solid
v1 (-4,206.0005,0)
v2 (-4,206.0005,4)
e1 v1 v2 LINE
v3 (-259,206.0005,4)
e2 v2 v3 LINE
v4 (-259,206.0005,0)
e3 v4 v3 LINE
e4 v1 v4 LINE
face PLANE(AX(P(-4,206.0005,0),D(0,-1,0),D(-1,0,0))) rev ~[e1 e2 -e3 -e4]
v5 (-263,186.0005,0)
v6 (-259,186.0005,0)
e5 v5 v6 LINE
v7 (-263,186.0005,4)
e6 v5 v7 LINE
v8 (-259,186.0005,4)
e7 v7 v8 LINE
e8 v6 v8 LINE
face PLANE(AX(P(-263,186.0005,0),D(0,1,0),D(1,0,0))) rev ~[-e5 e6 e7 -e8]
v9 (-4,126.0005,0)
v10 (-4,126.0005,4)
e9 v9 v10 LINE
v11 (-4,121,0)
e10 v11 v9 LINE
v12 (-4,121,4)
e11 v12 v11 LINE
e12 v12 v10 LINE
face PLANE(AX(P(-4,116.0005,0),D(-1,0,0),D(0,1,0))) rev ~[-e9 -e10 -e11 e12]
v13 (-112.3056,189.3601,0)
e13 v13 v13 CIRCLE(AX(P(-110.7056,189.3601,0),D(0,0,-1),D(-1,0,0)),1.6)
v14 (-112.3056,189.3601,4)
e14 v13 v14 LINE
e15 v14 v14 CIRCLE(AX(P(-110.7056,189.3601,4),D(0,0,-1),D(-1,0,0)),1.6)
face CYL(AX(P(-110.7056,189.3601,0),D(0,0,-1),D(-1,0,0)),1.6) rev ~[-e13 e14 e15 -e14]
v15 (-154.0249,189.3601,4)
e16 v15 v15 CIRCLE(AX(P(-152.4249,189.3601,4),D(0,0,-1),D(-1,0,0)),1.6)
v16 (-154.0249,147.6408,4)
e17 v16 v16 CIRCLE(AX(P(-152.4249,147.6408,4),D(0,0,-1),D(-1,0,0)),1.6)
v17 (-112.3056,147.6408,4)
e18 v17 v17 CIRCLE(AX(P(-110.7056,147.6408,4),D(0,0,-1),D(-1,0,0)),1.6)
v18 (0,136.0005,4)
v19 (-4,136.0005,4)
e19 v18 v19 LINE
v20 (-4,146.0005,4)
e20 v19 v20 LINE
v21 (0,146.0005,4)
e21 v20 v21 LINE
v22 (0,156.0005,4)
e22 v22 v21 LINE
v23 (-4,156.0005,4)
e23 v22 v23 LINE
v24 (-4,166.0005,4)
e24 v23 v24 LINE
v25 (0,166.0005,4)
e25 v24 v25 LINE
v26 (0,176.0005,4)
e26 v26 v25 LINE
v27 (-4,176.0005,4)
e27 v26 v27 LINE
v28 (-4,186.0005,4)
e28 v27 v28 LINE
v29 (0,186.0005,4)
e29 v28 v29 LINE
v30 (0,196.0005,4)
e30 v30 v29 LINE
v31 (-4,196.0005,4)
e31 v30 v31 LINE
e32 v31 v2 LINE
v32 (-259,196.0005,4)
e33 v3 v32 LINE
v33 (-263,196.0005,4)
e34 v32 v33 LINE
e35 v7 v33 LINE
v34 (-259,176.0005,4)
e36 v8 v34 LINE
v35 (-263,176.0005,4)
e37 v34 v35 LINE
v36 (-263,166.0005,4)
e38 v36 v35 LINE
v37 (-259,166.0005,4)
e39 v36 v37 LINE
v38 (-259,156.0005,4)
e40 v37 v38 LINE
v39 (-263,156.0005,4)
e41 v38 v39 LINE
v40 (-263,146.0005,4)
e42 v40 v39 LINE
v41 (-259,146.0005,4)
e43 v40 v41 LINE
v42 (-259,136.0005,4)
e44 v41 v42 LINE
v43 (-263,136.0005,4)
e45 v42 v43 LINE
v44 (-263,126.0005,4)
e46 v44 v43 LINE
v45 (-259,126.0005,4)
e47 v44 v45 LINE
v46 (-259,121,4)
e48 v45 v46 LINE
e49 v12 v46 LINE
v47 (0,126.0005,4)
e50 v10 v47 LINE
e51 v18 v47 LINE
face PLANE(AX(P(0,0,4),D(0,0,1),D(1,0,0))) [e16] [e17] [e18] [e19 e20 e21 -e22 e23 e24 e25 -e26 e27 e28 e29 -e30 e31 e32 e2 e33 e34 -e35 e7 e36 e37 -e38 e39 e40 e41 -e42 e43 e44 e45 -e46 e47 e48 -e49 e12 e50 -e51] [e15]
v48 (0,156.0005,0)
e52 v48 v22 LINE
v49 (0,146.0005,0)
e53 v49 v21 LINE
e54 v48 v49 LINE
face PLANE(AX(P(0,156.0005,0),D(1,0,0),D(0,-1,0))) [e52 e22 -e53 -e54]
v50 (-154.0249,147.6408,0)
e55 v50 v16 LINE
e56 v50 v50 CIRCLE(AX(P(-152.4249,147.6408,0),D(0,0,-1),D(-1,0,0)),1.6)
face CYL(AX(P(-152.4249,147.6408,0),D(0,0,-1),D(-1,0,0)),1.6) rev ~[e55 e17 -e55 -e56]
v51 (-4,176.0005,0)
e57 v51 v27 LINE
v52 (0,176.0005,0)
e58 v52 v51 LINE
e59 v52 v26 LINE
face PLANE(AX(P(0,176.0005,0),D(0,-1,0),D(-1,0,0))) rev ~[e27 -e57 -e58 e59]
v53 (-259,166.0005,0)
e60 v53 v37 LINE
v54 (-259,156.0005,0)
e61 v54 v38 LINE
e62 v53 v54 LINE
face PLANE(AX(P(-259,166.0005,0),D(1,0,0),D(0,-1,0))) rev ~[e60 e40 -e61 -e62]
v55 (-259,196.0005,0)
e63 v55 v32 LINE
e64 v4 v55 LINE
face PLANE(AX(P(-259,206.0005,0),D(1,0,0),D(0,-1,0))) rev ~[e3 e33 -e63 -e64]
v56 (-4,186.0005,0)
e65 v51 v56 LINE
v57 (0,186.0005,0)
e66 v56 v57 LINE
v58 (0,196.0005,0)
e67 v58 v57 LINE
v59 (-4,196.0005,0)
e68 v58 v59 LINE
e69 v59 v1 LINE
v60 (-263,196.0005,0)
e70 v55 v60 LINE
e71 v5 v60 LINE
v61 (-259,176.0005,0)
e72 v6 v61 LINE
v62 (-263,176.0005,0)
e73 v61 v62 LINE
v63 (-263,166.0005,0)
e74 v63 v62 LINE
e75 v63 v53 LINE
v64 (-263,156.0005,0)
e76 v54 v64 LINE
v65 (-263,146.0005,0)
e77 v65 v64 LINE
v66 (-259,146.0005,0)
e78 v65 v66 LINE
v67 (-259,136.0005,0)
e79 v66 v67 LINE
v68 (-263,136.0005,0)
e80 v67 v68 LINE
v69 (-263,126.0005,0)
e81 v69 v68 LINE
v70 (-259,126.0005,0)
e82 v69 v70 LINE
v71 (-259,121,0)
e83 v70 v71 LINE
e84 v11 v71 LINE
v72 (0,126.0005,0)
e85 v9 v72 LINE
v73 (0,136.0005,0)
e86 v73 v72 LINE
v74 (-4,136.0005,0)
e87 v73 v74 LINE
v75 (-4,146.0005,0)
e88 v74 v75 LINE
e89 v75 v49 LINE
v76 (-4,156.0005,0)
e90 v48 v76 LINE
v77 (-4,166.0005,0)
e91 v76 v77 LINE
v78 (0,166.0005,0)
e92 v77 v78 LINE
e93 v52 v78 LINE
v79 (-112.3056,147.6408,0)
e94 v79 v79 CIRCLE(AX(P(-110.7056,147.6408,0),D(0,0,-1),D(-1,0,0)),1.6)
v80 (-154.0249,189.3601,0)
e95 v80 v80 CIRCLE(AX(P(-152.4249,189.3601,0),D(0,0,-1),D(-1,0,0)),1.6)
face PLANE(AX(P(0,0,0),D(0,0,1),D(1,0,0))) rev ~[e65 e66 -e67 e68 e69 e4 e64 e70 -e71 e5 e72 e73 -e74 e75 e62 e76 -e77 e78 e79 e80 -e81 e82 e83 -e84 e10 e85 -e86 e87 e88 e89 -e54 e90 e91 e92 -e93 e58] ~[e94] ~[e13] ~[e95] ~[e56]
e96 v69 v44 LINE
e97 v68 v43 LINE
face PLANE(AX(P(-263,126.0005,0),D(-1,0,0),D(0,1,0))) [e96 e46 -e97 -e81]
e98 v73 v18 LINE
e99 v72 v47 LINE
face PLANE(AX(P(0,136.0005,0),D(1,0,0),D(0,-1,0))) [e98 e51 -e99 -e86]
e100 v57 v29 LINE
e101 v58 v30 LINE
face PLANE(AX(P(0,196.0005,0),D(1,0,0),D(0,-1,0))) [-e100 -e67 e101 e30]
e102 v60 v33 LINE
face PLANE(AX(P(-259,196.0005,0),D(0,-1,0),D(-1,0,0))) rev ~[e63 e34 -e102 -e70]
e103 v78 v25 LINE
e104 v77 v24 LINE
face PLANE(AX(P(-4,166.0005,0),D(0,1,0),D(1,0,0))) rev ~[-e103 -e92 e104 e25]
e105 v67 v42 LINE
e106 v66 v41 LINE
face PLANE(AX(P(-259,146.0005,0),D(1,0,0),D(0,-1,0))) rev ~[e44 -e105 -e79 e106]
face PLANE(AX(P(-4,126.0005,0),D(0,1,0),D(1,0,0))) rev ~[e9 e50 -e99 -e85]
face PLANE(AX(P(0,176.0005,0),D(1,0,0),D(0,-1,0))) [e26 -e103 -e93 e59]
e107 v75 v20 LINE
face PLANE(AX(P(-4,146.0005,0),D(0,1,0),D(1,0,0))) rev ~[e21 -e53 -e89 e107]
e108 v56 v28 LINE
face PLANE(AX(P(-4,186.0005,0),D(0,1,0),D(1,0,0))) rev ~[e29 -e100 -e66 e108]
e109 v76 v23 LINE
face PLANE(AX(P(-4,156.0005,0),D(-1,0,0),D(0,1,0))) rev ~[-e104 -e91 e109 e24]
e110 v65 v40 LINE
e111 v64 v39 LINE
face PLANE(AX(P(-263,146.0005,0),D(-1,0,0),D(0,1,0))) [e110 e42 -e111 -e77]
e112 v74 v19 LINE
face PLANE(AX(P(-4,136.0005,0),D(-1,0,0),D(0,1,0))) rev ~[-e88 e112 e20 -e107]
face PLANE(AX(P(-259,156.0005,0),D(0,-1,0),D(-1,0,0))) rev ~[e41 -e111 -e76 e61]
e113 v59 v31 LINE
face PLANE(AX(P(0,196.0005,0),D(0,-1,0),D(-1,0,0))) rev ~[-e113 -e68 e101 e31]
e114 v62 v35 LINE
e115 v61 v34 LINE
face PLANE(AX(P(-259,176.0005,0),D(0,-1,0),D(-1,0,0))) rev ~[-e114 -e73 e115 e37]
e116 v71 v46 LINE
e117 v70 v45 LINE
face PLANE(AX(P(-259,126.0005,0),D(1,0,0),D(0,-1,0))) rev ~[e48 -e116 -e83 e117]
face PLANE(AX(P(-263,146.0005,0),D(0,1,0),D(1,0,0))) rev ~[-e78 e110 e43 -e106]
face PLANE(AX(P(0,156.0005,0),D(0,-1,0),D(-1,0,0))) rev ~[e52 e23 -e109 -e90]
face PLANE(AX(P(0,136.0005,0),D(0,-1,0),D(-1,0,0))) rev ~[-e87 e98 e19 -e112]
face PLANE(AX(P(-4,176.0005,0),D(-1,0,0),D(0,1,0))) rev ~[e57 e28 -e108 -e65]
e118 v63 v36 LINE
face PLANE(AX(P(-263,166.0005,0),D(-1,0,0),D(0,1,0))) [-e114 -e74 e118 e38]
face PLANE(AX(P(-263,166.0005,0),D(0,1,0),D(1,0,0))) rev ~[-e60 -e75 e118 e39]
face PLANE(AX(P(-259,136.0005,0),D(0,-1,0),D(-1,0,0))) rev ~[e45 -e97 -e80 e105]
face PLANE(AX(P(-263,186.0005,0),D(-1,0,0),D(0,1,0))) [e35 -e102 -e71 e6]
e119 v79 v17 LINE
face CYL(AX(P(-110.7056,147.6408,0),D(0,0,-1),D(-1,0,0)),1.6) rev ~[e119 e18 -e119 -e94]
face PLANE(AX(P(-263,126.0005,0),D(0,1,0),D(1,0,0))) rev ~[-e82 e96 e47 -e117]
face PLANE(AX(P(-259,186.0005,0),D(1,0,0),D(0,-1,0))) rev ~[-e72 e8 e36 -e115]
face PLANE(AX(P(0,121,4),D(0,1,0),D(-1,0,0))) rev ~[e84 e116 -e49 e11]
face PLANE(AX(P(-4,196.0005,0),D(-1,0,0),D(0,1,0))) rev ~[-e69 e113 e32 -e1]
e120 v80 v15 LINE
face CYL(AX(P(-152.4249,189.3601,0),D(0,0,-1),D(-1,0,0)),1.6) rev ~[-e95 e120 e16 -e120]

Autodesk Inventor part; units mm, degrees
ref_plane "YZ Plane" through (0, 0, 0) normal (1, 0, 0) x (0, 1, 0)
ref_plane "XZ Plane" through (0, 0, 0) normal (0, 1, 0) x (-1, 0, 0)
ref_plane "XY Plane" through (0, 0, 0) normal (0, 0, 1) x (1, 0, 0)
sketch "Эскиз1" plane through (0, 0, 0) normal (0, 0, 1) x (1, 0, 0)
  line L0 (0, 16.0005) -> (-4, 16.0005) projected
  line L1 (-4, 6.0005) -> (-4, 16.0005) projected
  line L2 (-4, 6.0005) -> (0, 6.0005) projected
  line L3 (0, 16.0005) -> (0, 6.0005) projected
  line L4 (0, 36.0005) -> (-4, 36.0005) projected
  line L5 (-4, 26.0005) -> (-4, 36.0005) projected
  line L6 (-4, 26.0005) -> (0, 26.0005) projected
  line L7 (0, 36.0005) -> (0, 26.0005) projected
  line L8 (0, 56.0005) -> (-4, 56.0005) projected
  line L9 (-4, 46.0005) -> (-4, 56.0005) projected
  line L10 (-4, 46.0005) -> (0, 46.0005) projected
  line L11 (0, 56.0005) -> (0, 46.0005) projected
  line L12 (0, 196.0005) -> (-4, 196.0005) projected
  line L13 (-4, 186.0005) -> (-4, 196.0005) projected
  line L14 (-4, 186.0005) -> (0, 186.0005) projected
  line L15 (0, 196.0005) -> (0, 186.0005) projected
  line L16 (0, 176.0005) -> (-4, 176.0005) projected
  line L17 (-4, 166.0005) -> (-4, 176.0005) projected
  line L18 (-4, 166.0005) -> (0, 166.0005) projected
  line L19 (0, 176.0005) -> (0, 166.0005) projected
  line L20 (0, 156.0005) -> (-4, 156.0005) projected
  line L21 (-4, 146.0005) -> (-4, 156.0005) projected
  line L22 (-4, 146.0005) -> (0, 146.0005) projected
  line L23 (0, 156.0005) -> (0, 146.0005) projected
  line L24 (0, 116.0005) -> (-4, 116.0005) projected
  line L25 (-4, 106.0005) -> (-4, 116.0005) projected
  line L26 (-4, 106.0005) -> (0, 106.0005) projected
  line L27 (0, 116.0005) -> (0, 106.0005) projected
  line L28 (0, 136.0005) -> (-4, 136.0005) projected
  line L29 (-4, 126.0005) -> (-4, 136.0005) projected
  line L30 (-4, 126.0005) -> (0, 126.0005) projected
  line L31 (0, 136.0005) -> (0, 126.0005) projected
  line L32 (0, 96.0005) -> (-4, 96.0005) projected
  line L33 (-4, 86.0005) -> (-4, 96.0005) projected
  line L34 (-4, 86.0005) -> (0, 86.0005) projected
  line L35 (0, 96.0005) -> (0, 86.0005) projected
  line L36 (0, 76.0005) -> (-4, 76.0005) projected
  line L37 (-4, 66.0005) -> (-4, 76.0005) projected
  line L38 (-4, 66.0005) -> (0, 66.0005) projected
  line L39 (0, 76.0005) -> (0, 66.0005) projected
  line L40 (-194, 0) -> (-194, -4) projected
  line L41 (-189, -4) -> (-194, -4) projected
  line L42 (-189, -4) -> (-189, 0) projected
  line L43 (-194, 0) -> (-189, 0) projected
  line L44 (-184, 0) -> (-184, -4) projected
  line L45 (-179, -4) -> (-184, -4) projected
  line L46 (-179, -4) -> (-179, 0) projected
  line L47 (-184, 0) -> (-179, 0) projected
  line L48 (-174, 0) -> (-174, -4) projected
  line L49 (-169, -4) -> (-174, -4) projected
  line L50 (-169, -4) -> (-169, 0) projected
  line L51 (-174, 0) -> (-169, 0) projected
  line L52 (-164, 0) -> (-164, -4) projected
  line L53 (-159, -4) -> (-164, -4) projected
  line L54 (-159, -4) -> (-159, 0) projected
  line L55 (-164, 0) -> (-159, 0) projected
  line L56 (-154, 0) -> (-154, -4) projected
  line L57 (-149, -4) -> (-154, -4) projected
  line L58 (-149, -4) -> (-149, 0) projected
  line L59 (-154, 0) -> (-149, 0) projected
  line L60 (-144, 0) -> (-144, -4) projected
  line L61 (-139, -4) -> (-144, -4) projected
  line L62 (-139, -4) -> (-139, 0) projected
  line L63 (-144, 0) -> (-139, 0) projected
  line L64 (-14, 0) -> (-14, -4) projected
  line L65 (-9, -4) -> (-14, -4) projected
  line L66 (-9, -4) -> (-9, 0) projected
  line L67 (-14, 0) -> (-9, 0) projected
  line L68 (-24, 0) -> (-24, -4) projected
  line L69 (-19, -4) -> (-24, -4) projected
  line L70 (-19, -4) -> (-19, 0) projected
  line L71 (-24, 0) -> (-19, 0) projected
  line L72 (-95.712, 271.7663) -> (-95.712, 277.9752) projected
  line L73 (-34, 0) -> (-34, -4) projected
  line L74 (-29, -4) -> (-34, -4) projected
  line L75 (-29, -4) -> (-29, 0) projected
  line L76 (-34, 0) -> (-29, 0) projected
  line L77 (-44, 0) -> (-44, -4) projected
  line L78 (-39, -4) -> (-44, -4) projected
  line L79 (-39, -4) -> (-39, 0) projected
  line L80 (-44, 0) -> (-39, 0) projected
  line L81 (-54, 0) -> (-54, -4) projected
  line L82 (-49, -4) -> (-54, -4) projected
  line L83 (-49, -4) -> (-49, 0) projected
  line L84 (-54, 0) -> (-49, 0) projected
  line L85 (-64, 0) -> (-64, -4) projected
  line L86 (-59, -4) -> (-64, -4) projected
  line L87 (-59, -4) -> (-59, 0) projected
  line L88 (-64, 0) -> (-59, 0) projected
  line L89 (-74, 0) -> (-74, -4) projected
  line L90 (-69, -4) -> (-74, -4) projected
  line L91 (-69, -4) -> (-69, 0) projected
  line L92 (-74, 0) -> (-69, 0) projected
  line L93 (-84, 0) -> (-84, -4) projected
  line L94 (-79, -4) -> (-84, -4) projected
  line L95 (-79, -4) -> (-79, 0) projected
  line L96 (-84, 0) -> (-79, 0) projected
  line L97 (-94, 0) -> (-94, -4) projected
  line L98 (-89, -4) -> (-94, -4) projected
  line L99 (-89, -4) -> (-89, 0) projected
  line L100 (-94, 0) -> (-89, 0) projected
  line L101 (-104, 0) -> (-104, -4) projected
  line L102 (-99, -4) -> (-104, -4) projected
  line L103 (-99, -4) -> (-99, 0) projected
  line L104 (-104, 0) -> (-99, 0) projected
  line L105 (-114, 0) -> (-114, -4) projected
  line L106 (-109, -4) -> (-114, -4) projected
  line L107 (-109, -4) -> (-109, 0) projected
  line L108 (-114, 0) -> (-109, 0) projected
  line L109 (-134, 0) -> (-134, -4) projected
  line L110 (-129, -4) -> (-134, -4) projected
  line L111 (-129, -4) -> (-129, 0) projected
  line L112 (-134, 0) -> (-129, 0) projected
  line L113 (-124, 0) -> (-124, -4) projected
  line L114 (-119, -4) -> (-124, -4) projected
  line L115 (-119, -4) -> (-119, 0) projected
  line L116 (-124, 0) -> (-119, 0) projected
  line L117 (-263, 126.0005) -> (-263, 136.0005) projected
  line L118 (-259, 136.0005) -> (-259, 126.0005) projected
  line L119 (-263, 126.0005) -> (-263, 136.0005) projected
  line L120 (-259, 136.0005) -> (-259, 126.0005) projected
  line L121 (-263, 126.0005) -> (-263, 136.0005) projected
  line L122 (-259, 136.0005) -> (-259, 126.0005) projected
  line L123 (-263, 126.0005) -> (-263, 136.0005) projected
  line L124 (-259, 136.0005) -> (-259, 126.0005) projected
  line L125 (-263, 126.0005) -> (-263, 136.0005) projected
  line L126 (-259, 136.0005) -> (-259, 126.0005) projected
  line L127 (-263, 126.0005) -> (-263, 136.0005) projected
  line L128 (-259, 136.0005) -> (-259, 126.0005) projected
  line L129 (-259, 136.0005) -> (-263, 136.0005) projected
  line L130 (-263, 126.0005) -> (-263, 136.0005) projected
  line L131 (-263, 126.0005) -> (-259, 126.0005) projected
  line L132 (-259, 136.0005) -> (-259, 126.0005) projected
  line L133 (-259, 156.0005) -> (-259, 146.0005) projected
  line L134 (-259, 156.0005) -> (-263, 156.0005) projected
  line L135 (-263, 146.0005) -> (-263, 156.0005) projected
  line L136 (-263, 146.0005) -> (-259, 146.0005) projected
  line L137 (-259, 156.0005) -> (-259, 146.0005) projected
  line L138 (-259, 176.0005) -> (-263, 176.0005) projected
  line L139 (-263, 166.0005) -> (-263, 176.0005) projected
  line L140 (-263, 166.0005) -> (-259, 166.0005) projected
  line L141 (-259, 176.0005) -> (-259, 166.0005) projected
  line L142 (-259, 196.0005) -> (-259, 186.0005) projected
  line L143 (-259, 196.0005) -> (-263, 196.0005) projected
  line L144 (-263, 186.0005) -> (-263, 196.0005) projected
  line L145 (-263, 186.0005) -> (-259, 186.0005) projected
  line L146 (-259, 196.0005) -> (-259, 186.0005) projected
  line L147 (-4, 196.0005) -> (-4, 206.0005) projected
  line L148 (-4, 196.0005) -> (0, 196.0005) projected
  line L149 (0, 206.0005) -> (0, 196.0005) projected
  line L150 (-4, 206.0005) -> (0, 206.0005) projected
  line L151 (-263, 196.0005) -> (-263, 206.0005) projected
  line L152 (-259, 206.0005) -> (-259, 196.0005) projected
  line L153 (-4, 206.0005) -> (-259, 206.0005)
  line L154 (-259, 206.0005) -> (-259, 0)
  line L155 (-259, 0) -> (-4, 0)
  line L156 (-4, 0) -> (-4, 206.0005)
  line L157 (-204, 0) -> (-204, -4) projected
  line L158 (-199, -4) -> (-204, -4) projected
  line L159 (-199, -4) -> (-199, 0) projected
  line L160 (-204, 0) -> (-199, 0) projected
  line L161 (-214, 0) -> (-214, -4) projected
  line L162 (-209, -4) -> (-214, -4) projected
  line L163 (-209, -4) -> (-209, 0) projected
  line L164 (-214, 0) -> (-209, 0) projected
  line L165 (-224, 0) -> (-224, -4) projected
  line L166 (-219, -4) -> (-224, -4) projected
  line L167 (-219, -4) -> (-219, 0) projected
  line L168 (-224, 0) -> (-219, 0) projected
  line L169 (-234, 0) -> (-234, -4) projected
  line L170 (-229, -4) -> (-234, -4) projected
  line L171 (-229, -4) -> (-229, 0) projected
  line L172 (-234, 0) -> (-229, 0) projected
  line L173 (-244, 0) -> (-244, -4) projected
  line L174 (-239, -4) -> (-244, -4) projected
  line L175 (-239, -4) -> (-239, 0) projected
  line L176 (-244, 0) -> (-239, 0) projected
  line L177 (-253.5, 0) -> (-253.5, -4)
  line L178 (-254, 0) -> (-254, -4) projected
  line L179 (-249, -4) -> (-254, -4) projected
  line L180 (-249, -4) -> (-249, 0) projected
  line L181 (-254, 0) -> (-249, 0) projected
  line L182 (-259, 136.0005) -> (-263, 136.0005) projected
  line L183 (-263, 126.0005) -> (-259, 126.0005) projected
  line L184 (-259, 136.0005) -> (-263, 136.0005) projected
  line L185 (-263, 126.0005) -> (-259, 126.0005) projected
  line L186 (-259, 136.0005) -> (-263, 136.0005) projected
  line L187 (-263, 126.0005) -> (-259, 126.0005) projected
  line L188 (-259, 136.0005) -> (-263, 136.0005) projected
  line L189 (-263, 126.0005) -> (-259, 126.0005) projected
  line L190 (-259, 136.0005) -> (-263, 136.0005) projected
  line L191 (-263, 126.0005) -> (-259, 126.0005) projected
  line L192 (-259, 136.0005) -> (-263, 136.0005) projected
  line L193 (-263, 126.0005) -> (-259, 126.0005) projected
  point P0 (0, 0)
  point P1 (-199, 206.0005)
  point P2 (-259, 176.0005)
  point P3 (-259, 156.0005)
  point P4 (-259, 146.0005)
extrude "Выдавливание1" add sketch "Эскиз1" along normal blind 4 contours L3 L2 L1 L0 | L1 L156 L155 L67 L71 L76 L80 L84 L88 L92 L96 L100 L104 L108 L116 L112 L63 L59 L55 L51 L47 L43 L154 L118 L133 L141 L142 L152 L153 L147 L13 L17 L21 L29 L25 L33 L37 L9 L5 | L5 L4 L7 L6 | L66 L65 L64 L67 | L9 L8 L11 L10 | L70 L69 L68 L71 | L37 L36 L39 L38 | L75 L74 L73 L76 | L33 L32 L35 L34 | L79 L78 L77 L80 | L25 L24 L27 L26 | L83 L82 L81 L84 | L29 L28 L31 L30 | L87 L86 L85 L88 | L21 L20 L23 L22 | L91 L90 L89 L92 | L17 L16 L19 L18 | L95 L94 L93 L96 | L13 L12 L15 L14 | L99 L98 L97 L100 | L103 L102 L101 L104 | L142 L145 L144 L143 | L107 L106 L105 L108 | L141 L140 L139 L138 | L115 L114 L113 L116 | L133 L136 L135 L134 | L111 L110 L109 L112 | L118 L131 L117 L129 | L62 L61 L60 L63 | L155 L177 L179 L178 | L58 L57 L56 L59 | L155 L180 L179 L177 | L54 L53 L52 L55 | L155 L175 L174 L173 | L50 L49 L48 L51 | L155 L171 L170 L169 | L46 L45 L44 L47 | L155 L167 L166 L165 | L42 L41 L40 L43 | L155 L163 L162 L161 | L159 L158 L157 L155
sketch "Эскиз2" plane through (0, 0, 4) normal (0, 0, 1) x (1, 0, 0)
  line L0 (-254, -4) -> (-249, -4) projected
  line L1 (-254, -4) -> (-263, -4)
  line L2 (-263, 16.0005) -> (-263, 6.0005) projected
  line L3 (-263, -4) -> (-263, 6.0005)
  line L4 (-263, -4) -> (0, -4)
  line L5 (0, -4) -> (0, 121)
  line L6 (0, 121) -> (-263, 121)
  line L7 (-263, 121) -> (-263, -4)
  point P0 (0, 0)
  dimension "d2" = 125
extrude "Выдавливание2" cut sketch "Эскиз2" against normal blind 10
sketch "Эскиз3" plane through (0, 0, 0) normal (0, 0, -1) x (-1, 0, 0)
  circle A0 centre (110.7056, 189.3601) radius 1.6 projected
  circle A1 centre (152.4249, 189.3601) radius 1.6 projected
  circle A2 centre (152.4249, 147.6408) radius 1.6 projected
  circle A3 centre (110.7056, 147.6408) radius 1.6 projected
  point P0 (0, 0)
extrude "Выдавливание3" cut sketch "Эскиз3" against normal blind 10
properties part number "KB33-046-004-016 - Крышка"
